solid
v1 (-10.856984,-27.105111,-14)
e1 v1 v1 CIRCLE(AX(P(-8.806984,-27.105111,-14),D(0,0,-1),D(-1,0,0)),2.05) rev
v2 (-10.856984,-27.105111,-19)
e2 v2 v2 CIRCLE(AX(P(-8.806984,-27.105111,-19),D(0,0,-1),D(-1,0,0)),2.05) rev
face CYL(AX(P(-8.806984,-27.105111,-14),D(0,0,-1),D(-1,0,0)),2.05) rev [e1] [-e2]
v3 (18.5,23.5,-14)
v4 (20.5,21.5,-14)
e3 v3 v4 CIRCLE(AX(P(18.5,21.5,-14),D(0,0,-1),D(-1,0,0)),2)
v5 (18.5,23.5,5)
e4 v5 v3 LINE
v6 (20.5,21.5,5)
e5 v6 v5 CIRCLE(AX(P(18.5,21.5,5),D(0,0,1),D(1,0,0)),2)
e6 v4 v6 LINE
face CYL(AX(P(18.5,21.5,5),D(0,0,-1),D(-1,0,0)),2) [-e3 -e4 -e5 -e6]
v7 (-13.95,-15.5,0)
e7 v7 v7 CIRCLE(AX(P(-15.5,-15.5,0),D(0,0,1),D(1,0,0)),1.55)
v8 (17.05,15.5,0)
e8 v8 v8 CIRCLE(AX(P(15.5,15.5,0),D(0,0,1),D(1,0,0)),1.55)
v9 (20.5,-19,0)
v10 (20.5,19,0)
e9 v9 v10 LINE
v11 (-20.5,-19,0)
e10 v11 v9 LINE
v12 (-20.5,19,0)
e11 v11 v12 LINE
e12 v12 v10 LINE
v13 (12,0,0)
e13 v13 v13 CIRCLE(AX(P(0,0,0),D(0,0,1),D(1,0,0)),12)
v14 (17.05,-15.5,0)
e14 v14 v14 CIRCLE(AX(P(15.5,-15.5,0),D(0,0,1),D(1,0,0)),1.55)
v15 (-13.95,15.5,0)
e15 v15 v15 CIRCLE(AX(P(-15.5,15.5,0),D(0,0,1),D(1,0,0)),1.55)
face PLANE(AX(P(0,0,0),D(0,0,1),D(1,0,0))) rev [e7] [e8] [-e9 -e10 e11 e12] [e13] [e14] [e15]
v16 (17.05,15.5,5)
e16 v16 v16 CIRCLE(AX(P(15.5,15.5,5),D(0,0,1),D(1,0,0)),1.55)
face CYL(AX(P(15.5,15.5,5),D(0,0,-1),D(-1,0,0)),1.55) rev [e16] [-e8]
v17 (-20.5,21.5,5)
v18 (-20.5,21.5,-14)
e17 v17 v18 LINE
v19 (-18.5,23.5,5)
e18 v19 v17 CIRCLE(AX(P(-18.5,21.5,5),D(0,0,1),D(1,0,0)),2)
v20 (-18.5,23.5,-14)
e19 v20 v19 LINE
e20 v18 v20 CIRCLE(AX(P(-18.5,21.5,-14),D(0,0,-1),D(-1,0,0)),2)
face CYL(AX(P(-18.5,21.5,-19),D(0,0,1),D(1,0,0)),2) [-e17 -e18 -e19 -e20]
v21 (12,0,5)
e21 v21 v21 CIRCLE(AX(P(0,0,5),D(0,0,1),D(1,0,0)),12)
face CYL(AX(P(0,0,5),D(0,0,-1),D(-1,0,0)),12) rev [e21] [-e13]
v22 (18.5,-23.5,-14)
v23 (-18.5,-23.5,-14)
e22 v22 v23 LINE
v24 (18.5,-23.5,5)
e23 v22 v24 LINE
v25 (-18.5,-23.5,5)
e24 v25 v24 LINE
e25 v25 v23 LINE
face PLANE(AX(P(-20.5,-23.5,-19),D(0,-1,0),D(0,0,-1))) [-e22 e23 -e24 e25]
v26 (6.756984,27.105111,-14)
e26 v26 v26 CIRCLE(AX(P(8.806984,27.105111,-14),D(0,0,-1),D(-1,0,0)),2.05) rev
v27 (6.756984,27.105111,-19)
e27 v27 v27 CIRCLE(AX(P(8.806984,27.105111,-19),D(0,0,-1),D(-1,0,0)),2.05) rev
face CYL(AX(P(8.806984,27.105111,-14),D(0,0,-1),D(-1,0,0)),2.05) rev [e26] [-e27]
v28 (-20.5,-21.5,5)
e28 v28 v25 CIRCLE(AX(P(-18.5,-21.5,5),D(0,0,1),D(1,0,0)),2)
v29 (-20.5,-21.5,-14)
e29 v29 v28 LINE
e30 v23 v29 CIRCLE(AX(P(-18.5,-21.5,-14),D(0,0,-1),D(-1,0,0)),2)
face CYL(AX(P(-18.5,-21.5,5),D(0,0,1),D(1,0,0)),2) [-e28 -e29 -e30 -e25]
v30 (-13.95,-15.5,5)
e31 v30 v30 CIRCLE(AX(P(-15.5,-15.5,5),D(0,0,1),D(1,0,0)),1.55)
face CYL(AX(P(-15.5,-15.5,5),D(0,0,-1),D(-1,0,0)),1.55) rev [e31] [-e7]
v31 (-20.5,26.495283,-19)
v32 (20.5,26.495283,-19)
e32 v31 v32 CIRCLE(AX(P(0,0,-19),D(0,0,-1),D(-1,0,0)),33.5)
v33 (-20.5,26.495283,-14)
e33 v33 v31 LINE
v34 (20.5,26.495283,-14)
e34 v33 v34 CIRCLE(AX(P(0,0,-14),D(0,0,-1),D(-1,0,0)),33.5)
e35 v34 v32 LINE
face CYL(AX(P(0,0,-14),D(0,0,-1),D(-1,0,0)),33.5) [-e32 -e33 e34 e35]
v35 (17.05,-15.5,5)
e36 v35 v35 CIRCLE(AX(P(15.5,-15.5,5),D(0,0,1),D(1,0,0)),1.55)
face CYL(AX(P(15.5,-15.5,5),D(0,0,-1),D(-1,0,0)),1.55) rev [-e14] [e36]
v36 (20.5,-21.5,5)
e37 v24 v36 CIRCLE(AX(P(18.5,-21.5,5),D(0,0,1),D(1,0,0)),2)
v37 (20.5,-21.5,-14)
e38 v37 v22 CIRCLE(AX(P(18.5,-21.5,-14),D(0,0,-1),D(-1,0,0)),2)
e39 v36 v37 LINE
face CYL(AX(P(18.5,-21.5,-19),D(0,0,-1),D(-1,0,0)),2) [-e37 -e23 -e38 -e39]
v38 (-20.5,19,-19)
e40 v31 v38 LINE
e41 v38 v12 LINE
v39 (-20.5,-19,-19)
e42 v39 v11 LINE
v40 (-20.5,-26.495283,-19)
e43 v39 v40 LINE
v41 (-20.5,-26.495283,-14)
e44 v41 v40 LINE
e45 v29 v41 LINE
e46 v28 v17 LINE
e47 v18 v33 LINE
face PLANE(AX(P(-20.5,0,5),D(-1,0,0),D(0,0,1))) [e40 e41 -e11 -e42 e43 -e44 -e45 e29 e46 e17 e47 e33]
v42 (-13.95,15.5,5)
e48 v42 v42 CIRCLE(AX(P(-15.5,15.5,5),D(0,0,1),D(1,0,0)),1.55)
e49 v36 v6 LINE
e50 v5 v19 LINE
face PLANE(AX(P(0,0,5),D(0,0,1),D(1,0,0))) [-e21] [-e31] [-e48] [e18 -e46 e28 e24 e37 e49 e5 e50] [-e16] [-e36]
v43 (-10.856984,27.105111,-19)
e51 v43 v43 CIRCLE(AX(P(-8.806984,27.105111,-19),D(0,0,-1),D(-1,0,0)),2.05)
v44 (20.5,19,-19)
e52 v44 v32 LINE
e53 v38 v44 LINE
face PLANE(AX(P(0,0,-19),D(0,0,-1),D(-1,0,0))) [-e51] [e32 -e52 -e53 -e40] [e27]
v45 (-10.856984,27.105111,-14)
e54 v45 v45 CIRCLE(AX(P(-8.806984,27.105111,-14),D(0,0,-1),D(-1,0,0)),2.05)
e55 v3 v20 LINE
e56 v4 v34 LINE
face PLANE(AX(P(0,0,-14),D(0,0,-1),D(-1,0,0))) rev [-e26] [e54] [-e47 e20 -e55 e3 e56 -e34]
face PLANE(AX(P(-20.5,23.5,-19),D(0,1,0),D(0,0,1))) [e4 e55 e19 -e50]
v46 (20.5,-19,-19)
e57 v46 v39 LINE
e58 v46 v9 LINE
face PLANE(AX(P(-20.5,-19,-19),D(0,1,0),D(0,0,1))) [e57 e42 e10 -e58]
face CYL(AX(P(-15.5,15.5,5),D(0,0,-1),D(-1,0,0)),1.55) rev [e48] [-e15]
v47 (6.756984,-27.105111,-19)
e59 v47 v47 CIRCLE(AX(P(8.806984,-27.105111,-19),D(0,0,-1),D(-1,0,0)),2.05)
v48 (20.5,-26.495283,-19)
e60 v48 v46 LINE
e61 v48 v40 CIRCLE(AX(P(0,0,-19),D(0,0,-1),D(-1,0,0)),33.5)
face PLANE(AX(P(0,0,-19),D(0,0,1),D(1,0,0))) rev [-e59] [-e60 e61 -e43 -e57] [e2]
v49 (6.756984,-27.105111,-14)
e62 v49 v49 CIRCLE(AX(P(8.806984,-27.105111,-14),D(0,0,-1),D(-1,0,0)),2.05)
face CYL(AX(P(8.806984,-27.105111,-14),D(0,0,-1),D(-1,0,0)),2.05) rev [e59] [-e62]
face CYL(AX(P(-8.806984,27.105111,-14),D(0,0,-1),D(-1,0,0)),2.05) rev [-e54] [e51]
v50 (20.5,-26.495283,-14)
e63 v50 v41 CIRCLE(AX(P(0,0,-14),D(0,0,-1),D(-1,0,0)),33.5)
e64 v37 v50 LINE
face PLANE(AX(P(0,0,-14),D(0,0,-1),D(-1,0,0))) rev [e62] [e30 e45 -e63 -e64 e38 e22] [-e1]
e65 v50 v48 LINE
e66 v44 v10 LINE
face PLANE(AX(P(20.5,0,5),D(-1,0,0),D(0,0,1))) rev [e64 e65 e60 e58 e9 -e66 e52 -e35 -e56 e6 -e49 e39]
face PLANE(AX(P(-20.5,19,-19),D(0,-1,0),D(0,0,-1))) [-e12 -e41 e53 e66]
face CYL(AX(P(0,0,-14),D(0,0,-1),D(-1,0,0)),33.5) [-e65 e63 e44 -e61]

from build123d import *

# Parameters (mm, degrees)
SKETCH1_W           = 41
SKETCH1_H           = 38
SKETCH1_R           = 1.55
SKETCH1_R_2         = 12
BOSS_EXTRUDE1_DEPTH = 5
SKETCH2_W           = 41
SKETCH2_H           = 4.5
BOSS_EXTRUDE2_DEPTH = 24
SKETCH3_R           = 2.05
BOSS_EXTRUDE3_DEPTH = 5
FILLET1_R           = 2


with BuildPart() as part:
    # Sketch1 → Boss-Extrude1 (new body)
    with BuildSketch(Plane.XY):
        Rectangle(SKETCH1_W, SKETCH1_H)
        with Locations((15.5, 15.5)):
            Circle(SKETCH1_R, mode=Mode.SUBTRACT)
        with Locations((-15.5, 15.5)):
            Circle(SKETCH1_R, mode=Mode.SUBTRACT)
        with Locations((15.5, -15.5)):
            Circle(SKETCH1_R, mode=Mode.SUBTRACT)
        with Locations((-15.5, -15.5)):
            Circle(SKETCH1_R, mode=Mode.SUBTRACT)
        Circle(SKETCH1_R_2, mode=Mode.SUBTRACT)
    extrude(amount=BOSS_EXTRUDE1_DEPTH)

    # Sketch2 → Boss-Extrude2 (add)
    with BuildSketch(Plane.XY.offset(5)):
        with Locations((0, 21.25)):
            Rectangle(SKETCH2_W, SKETCH2_H)
        with Locations((0, -21.25)):
            Rectangle(SKETCH2_W, SKETCH2_H)
    extrude(amount=-BOSS_EXTRUDE2_DEPTH)

    # Sketch3 → Boss-Extrude3 (add)
    # profile 1 of 2: a face of its own
    with BuildSketch(Plane(origin=(0, 0, -19), x_dir=(-1, 0, 0), z_dir=(0, 0, -1))):
        with BuildLine():
            Line((-20.5, 26.495282599), (-20.5, 23.5))
            Line((-20.5, 23.5), (20.5, 23.5))
            Line((20.5, 23.5), (20.5, 26.495282599))
            ThreePointArc((20.5, 26.495282599), (10.831851903, 31.700488708), (-7.9e-08, 33.5))
            ThreePointArc((-7.9e-08, 33.5), (-10.831851978, 31.700488683), (-20.5, 26.495282599))
        make_face()
        with Locations((-8.80698434, 27.105110714)):
            Circle(SKETCH3_R, mode=Mode.SUBTRACT)
        with Locations((8.80698434, 27.105110714)):
            Circle(SKETCH3_R, mode=Mode.SUBTRACT)
    # profile 2 of 2: a face of its own
    with BuildSketch(Plane(origin=(0, 0, -19), x_dir=(-1, 0, 0), z_dir=(0, 0, -1))):
        with BuildLine():
            Line((-20.5, -23.5), (-20.5, -26.495282599))
            ThreePointArc((-20.5, -26.495282599), (-10.831851978, -31.700488683), (-7.9e-08, -33.5))
            ThreePointArc((-7.9e-08, -33.5), (10.831851903, -31.700488708), (20.5, -26.495282599))
            Line((20.5, -26.495282599), (20.5, -23.5))
            Line((20.5, -23.5), (-20.5, -23.5))
        make_face()
        with Locations((-8.80698434, -27.105110714)):
            Circle(SKETCH3_R, mode=Mode.SUBTRACT)
        with Locations((8.80698434, -27.105110714)):
            Circle(SKETCH3_R, mode=Mode.SUBTRACT)
    extrude(amount=-BOSS_EXTRUDE3_DEPTH)

    # Fillet1
    fillet1_edges = [part.edges().sort_by_distance(p)[0] for p in [
        (20.5, 23.5, -4.5),
        (-20.5, 23.5, -4.5),
        (-20.5, -23.5, -4.5),
        (20.5, -23.5, -4.5),
    ]]
    fillet(fillet1_edges, radius=FILLET1_R)


solid = part.part
